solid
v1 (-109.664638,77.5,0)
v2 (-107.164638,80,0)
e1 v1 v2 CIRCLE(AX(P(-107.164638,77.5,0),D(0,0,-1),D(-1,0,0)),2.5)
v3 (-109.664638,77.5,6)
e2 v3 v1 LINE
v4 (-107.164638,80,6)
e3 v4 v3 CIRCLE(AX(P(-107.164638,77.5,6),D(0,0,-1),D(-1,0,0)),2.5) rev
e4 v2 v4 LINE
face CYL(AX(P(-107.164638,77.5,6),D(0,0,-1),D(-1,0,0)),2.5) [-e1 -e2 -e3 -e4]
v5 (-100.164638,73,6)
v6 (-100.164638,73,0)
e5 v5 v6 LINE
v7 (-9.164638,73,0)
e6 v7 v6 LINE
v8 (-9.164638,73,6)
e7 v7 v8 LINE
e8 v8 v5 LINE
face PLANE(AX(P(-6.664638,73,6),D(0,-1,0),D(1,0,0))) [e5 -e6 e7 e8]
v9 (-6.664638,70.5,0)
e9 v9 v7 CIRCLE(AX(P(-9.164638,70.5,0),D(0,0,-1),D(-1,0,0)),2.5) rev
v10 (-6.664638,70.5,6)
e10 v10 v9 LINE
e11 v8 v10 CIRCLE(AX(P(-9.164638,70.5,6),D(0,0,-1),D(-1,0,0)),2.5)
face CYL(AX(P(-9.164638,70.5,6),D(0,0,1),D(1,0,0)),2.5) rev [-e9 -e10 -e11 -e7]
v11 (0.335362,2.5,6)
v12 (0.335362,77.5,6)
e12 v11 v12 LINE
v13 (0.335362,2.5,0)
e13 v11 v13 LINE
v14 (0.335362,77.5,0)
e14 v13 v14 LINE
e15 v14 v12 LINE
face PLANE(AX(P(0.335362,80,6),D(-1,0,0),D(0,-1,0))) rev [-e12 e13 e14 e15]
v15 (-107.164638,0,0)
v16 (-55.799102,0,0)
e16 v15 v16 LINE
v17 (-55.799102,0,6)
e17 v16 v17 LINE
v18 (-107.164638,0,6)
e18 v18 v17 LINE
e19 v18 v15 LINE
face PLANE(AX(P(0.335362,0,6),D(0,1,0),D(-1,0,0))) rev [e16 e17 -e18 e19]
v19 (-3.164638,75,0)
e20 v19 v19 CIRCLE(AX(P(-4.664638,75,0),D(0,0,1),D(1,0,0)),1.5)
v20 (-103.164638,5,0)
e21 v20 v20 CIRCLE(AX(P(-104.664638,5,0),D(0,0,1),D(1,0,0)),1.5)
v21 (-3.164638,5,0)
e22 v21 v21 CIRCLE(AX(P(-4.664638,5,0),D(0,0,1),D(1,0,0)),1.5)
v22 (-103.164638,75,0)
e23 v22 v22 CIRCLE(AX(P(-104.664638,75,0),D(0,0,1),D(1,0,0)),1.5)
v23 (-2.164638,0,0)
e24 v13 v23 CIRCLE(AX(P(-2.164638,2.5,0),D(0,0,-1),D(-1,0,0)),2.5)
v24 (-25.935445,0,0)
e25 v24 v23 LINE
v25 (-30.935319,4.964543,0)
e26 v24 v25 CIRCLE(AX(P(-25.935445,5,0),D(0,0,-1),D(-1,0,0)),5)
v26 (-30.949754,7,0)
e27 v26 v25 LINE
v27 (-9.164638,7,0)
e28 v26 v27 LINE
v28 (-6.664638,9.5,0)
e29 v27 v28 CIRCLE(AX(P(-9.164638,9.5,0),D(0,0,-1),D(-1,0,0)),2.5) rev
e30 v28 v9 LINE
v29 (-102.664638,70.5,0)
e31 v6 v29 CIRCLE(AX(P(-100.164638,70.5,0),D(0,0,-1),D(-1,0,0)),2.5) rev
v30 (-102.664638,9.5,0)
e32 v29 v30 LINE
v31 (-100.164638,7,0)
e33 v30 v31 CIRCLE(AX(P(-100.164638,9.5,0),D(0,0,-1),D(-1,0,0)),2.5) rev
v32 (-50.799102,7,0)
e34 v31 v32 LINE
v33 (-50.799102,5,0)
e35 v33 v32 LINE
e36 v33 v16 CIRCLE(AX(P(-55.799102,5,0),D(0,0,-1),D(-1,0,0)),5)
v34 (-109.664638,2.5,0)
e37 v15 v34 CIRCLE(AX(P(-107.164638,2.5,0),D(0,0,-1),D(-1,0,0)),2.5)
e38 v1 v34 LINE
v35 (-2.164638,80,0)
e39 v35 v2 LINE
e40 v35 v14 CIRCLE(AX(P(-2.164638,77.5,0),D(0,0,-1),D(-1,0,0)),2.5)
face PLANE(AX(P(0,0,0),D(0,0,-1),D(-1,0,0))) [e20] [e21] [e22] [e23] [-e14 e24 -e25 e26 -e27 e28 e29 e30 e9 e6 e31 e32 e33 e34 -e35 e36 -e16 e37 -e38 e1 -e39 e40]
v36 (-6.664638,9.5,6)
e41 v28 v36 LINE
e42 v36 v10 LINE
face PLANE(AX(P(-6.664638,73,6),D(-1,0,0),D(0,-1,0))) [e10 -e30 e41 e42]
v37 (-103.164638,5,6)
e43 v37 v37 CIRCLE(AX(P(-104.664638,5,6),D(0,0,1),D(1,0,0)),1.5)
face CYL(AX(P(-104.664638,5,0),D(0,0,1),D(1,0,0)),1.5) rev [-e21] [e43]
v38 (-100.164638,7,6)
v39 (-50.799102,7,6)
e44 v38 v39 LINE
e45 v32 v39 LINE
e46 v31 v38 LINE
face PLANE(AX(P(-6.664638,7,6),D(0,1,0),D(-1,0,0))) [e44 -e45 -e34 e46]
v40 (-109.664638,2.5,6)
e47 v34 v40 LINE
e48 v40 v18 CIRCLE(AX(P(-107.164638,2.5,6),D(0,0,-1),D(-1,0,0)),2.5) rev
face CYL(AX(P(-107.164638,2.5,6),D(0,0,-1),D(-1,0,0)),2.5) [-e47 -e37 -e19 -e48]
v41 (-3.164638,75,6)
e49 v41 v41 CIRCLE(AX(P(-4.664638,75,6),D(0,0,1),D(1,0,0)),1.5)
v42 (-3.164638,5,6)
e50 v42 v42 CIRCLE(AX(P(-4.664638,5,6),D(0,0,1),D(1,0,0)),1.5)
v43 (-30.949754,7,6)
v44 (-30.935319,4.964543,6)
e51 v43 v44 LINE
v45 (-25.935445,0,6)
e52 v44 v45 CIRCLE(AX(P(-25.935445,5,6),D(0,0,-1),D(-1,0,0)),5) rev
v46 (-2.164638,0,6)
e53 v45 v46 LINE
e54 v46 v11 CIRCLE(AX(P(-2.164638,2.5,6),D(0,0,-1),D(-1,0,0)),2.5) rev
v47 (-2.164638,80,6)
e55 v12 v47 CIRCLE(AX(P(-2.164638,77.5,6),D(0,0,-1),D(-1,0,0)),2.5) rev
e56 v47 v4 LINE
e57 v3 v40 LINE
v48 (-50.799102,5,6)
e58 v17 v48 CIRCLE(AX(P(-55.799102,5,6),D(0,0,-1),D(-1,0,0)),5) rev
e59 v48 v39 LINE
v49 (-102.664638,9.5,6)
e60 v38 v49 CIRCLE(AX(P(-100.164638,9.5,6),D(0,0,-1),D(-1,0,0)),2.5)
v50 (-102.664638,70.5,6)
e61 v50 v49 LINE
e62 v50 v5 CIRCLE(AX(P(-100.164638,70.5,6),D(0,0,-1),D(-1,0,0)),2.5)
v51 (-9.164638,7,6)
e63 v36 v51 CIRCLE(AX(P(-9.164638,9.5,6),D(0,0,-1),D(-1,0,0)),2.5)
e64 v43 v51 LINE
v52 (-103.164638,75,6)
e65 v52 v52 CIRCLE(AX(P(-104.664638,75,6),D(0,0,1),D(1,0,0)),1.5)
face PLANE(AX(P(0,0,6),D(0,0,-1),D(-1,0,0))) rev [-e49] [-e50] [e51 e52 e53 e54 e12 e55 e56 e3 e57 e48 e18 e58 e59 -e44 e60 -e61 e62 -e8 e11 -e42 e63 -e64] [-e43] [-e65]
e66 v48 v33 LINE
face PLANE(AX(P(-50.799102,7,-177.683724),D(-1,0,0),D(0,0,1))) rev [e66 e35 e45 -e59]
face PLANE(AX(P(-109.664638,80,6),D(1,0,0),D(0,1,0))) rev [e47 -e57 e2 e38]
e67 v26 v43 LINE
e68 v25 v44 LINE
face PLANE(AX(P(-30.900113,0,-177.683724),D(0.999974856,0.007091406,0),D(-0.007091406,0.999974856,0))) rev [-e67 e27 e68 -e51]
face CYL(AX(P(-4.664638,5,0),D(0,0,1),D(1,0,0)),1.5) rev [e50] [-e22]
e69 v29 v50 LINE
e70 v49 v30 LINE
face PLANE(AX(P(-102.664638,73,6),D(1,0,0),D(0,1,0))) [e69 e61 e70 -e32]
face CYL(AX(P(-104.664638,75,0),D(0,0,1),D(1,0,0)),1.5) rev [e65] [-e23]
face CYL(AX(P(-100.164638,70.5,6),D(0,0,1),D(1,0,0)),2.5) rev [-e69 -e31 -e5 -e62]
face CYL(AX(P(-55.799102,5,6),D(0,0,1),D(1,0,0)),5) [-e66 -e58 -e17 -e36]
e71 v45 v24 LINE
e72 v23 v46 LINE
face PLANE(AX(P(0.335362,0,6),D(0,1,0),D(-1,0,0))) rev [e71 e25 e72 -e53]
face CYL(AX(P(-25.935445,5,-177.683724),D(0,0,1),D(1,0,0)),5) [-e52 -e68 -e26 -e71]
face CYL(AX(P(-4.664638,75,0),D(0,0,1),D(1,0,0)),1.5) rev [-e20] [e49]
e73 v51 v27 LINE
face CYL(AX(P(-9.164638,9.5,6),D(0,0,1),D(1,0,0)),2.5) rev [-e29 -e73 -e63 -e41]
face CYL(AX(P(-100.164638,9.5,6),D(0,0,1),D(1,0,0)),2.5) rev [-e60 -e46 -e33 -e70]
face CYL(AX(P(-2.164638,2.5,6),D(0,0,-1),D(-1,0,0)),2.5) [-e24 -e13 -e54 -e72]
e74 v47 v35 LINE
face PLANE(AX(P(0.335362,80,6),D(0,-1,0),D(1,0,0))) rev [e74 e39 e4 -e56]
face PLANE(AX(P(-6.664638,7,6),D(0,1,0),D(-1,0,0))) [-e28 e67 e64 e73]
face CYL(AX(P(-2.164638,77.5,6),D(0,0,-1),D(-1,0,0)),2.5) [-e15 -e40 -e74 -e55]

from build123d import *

# Parameters (mm, degrees)
SKETCH2_W               = 110
SKETCH2_H               = 80
SKETCH2_W_2             = 96
SKETCH2_H_2             = 66
BOSS_EXTRUDE2_DEPTH     = 6
FILLET1_R               = 2.5
SKETCH3_R               = 1.5
CUT_EXTRUDE1_DEPTH      = 136.876166867
FILLET2_R               = 2.5
CUT_EXTRUDE2_DEPTH      = 136.876166867
CUT_EXTRUDE2_DEPTH_BACK = 136.876166867
FILLET3_R               = 5


with BuildPart() as part:
    # Sketch2 → Boss-Extrude2 (new body)
    with BuildSketch(Plane.XY):
        with Locations((-54.66463752, 40)):
            Rectangle(SKETCH2_W, SKETCH2_H)
        with Locations((-54.66463752, 40)):
            Rectangle(SKETCH2_W_2, SKETCH2_H_2, mode=Mode.SUBTRACT)
    extrude(amount=BOSS_EXTRUDE2_DEPTH)

    # Fillet1
    fillet1_edges = [part.edges().sort_by_distance(p)[0] for p in [
        (-6.66463752, 7, 3),
        (-6.66463752, 73, 3),
        (-102.66463752, 73, 3),
        (-102.66463752, 7, 3),
    ]]
    fillet(fillet1_edges, radius=FILLET1_R)

    # Sketch3 → Cut-Extrude1 (cut, through all)
    with BuildSketch(Plane.XY.offset(6)):
        with Locations((-4.66463752, 75)):
            Circle(SKETCH3_R)
        with Locations((-4.66463752, 5)):
            Circle(SKETCH3_R)
        with Locations((-104.66463752, 5)):
            Circle(SKETCH3_R)
        with Locations((-104.66463752, 75)):
            Circle(SKETCH3_R)
    extrude(amount=-CUT_EXTRUDE1_DEPTH, mode=Mode.SUBTRACT)

    # Fillet2
    fillet2_edges = [part.edges().sort_by_distance(p)[0] for p in [
        (0.33536248, 0, 3),
        (-109.66463752, 0, 3),
        (-109.66463752, 80, 3),
        (0.33536248, 80, 3),
    ]]
    fillet(fillet2_edges, radius=FILLET2_R)

    # Sketch4 → Cut-Extrude2 (cut, two sides: drawn at the far end of the back side and taken through both)
    with BuildSketch(Plane(origin=(0, 0, 0), x_dir=(-1, 0, 0), z_dir=(0, 0, -1)).offset(-CUT_EXTRUDE2_DEPTH_BACK)):
        Polygon((29.236938862, -234.527844878), (30.900112939, 0), (30.949754032, 7), (50.799101604, 7), (50.799101604, 0), (50.799101604, -234.533742073), (50.670812865, -703.601208677), (29.108650122, -703.595311481), align=None)
    extrude(amount=CUT_EXTRUDE2_DEPTH + CUT_EXTRUDE2_DEPTH_BACK, mode=Mode.SUBTRACT)

    # Fillet3
    fillet3_edges = [part.edges().sort_by_distance(p)[0] for p in [
        (-30.900112939, 0, 3),
        (-50.799101604, 0, 3),
    ]]
    fillet(fillet3_edges, radius=FILLET3_R)


solid = part.part
